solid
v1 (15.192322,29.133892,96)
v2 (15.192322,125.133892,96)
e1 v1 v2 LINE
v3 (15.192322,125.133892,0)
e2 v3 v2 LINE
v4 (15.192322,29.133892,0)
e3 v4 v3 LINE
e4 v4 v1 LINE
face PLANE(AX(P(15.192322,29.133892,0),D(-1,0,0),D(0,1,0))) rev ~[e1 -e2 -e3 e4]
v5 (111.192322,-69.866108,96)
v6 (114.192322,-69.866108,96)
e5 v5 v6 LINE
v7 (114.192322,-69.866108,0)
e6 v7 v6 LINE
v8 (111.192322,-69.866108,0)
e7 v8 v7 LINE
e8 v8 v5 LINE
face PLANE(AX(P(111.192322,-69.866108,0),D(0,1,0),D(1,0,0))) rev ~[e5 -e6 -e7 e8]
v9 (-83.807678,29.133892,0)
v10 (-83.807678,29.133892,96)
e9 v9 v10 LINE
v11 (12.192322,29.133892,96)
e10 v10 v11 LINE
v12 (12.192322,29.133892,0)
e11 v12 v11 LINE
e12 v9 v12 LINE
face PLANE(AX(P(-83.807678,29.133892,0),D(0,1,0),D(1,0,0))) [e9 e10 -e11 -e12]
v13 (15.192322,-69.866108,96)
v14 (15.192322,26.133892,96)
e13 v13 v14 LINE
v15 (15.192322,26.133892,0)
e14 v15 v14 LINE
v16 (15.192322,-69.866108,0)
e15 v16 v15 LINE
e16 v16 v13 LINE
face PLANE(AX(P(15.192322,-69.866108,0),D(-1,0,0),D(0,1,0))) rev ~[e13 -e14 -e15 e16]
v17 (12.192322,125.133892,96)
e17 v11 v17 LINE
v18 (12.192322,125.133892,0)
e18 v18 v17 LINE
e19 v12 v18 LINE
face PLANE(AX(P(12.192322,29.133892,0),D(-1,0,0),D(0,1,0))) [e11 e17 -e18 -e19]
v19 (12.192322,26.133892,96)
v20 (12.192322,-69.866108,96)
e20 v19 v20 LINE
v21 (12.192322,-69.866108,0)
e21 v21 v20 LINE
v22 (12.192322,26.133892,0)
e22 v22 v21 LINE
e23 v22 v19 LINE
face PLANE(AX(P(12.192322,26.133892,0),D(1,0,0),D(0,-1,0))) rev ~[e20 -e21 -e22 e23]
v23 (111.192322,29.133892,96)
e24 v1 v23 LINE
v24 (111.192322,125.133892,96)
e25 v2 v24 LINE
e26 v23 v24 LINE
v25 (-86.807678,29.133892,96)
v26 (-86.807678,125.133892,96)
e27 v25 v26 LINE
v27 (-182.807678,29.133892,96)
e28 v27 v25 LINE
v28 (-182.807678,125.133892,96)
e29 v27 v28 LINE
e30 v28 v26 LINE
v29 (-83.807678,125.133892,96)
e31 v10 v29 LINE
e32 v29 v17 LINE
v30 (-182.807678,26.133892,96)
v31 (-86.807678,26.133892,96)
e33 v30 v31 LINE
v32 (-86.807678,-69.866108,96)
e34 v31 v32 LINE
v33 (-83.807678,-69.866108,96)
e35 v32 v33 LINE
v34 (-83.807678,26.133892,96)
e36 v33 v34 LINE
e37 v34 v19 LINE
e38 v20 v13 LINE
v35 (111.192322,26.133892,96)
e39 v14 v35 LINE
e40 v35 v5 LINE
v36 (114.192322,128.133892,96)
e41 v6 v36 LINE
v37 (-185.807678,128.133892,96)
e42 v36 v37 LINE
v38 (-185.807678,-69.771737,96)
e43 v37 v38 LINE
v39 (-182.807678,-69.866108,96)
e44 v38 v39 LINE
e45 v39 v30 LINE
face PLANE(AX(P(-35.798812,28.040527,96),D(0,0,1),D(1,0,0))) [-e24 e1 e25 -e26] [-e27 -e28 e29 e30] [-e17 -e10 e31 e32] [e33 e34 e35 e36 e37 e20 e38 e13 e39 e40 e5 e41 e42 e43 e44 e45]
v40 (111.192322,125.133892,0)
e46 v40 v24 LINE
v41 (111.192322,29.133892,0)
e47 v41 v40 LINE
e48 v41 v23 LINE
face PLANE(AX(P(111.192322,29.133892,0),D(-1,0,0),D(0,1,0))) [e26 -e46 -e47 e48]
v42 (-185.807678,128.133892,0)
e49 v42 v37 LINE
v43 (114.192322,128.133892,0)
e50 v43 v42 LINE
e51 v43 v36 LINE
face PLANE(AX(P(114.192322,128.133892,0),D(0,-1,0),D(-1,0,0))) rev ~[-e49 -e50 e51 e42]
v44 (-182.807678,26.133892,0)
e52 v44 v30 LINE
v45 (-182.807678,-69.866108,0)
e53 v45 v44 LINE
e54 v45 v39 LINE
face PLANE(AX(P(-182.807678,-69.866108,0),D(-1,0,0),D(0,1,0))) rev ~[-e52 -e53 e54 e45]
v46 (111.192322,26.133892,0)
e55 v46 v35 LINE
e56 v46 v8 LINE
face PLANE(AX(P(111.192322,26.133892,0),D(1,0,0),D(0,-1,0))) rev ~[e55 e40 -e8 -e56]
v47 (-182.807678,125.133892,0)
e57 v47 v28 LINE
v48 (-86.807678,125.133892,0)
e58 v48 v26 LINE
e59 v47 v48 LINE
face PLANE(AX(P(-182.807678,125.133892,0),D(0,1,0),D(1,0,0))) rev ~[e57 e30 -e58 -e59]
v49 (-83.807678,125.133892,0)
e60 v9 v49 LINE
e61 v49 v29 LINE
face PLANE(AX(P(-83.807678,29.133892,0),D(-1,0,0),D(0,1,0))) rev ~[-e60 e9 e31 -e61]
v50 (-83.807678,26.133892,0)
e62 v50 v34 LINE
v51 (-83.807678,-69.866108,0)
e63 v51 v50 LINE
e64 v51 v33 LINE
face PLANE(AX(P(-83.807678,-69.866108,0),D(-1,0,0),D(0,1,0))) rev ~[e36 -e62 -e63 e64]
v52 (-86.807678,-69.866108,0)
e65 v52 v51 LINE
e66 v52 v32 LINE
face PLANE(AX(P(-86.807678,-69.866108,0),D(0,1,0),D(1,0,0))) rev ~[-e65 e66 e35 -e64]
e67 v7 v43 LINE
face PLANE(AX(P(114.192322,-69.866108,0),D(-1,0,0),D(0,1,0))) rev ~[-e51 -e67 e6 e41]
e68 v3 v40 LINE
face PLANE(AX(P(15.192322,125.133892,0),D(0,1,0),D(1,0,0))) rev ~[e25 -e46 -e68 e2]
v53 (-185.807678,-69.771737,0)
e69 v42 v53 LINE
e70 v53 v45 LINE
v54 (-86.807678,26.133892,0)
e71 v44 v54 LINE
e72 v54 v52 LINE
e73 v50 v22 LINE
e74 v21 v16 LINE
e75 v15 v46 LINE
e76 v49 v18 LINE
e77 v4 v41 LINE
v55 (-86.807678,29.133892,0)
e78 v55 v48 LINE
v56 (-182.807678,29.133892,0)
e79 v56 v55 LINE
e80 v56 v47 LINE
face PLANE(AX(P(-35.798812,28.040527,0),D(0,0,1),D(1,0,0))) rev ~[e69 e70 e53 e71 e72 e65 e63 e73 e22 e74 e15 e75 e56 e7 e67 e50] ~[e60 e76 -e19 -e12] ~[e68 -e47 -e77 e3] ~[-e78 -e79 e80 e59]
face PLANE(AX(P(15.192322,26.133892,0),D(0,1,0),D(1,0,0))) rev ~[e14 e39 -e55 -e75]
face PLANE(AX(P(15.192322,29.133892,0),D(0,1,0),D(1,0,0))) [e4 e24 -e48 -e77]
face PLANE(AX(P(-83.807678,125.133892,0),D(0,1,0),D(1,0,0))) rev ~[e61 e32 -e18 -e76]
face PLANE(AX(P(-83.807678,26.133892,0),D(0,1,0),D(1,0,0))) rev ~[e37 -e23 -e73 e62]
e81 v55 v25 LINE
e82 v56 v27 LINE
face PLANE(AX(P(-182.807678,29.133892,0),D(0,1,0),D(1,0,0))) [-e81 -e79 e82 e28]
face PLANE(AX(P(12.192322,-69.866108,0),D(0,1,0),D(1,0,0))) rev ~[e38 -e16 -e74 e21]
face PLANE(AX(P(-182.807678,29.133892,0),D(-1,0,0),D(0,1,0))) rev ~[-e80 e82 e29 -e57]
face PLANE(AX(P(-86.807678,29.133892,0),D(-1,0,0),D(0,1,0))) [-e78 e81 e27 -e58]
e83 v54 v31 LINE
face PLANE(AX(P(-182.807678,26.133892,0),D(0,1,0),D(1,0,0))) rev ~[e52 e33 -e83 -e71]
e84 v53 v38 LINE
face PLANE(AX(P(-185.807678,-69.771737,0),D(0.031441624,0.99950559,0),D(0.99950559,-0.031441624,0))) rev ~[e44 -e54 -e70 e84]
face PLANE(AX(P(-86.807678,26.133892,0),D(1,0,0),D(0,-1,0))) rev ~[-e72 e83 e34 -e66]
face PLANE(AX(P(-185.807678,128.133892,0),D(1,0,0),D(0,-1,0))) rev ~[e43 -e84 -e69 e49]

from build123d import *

# Parameters (mm, degrees)
F1_W     = 96
F1_H     = 96
F2_DEPTH = 96


with BuildPart() as f2:
    # F1 (on Top) → F2 (new body)
    with BuildSketch(Plane.XY):
        Polygon((-182.807677562, -69.8661083913), (-182.807677562, 26.1338916087), (-86.807677562, 26.1338916087), (-86.807677562, -69.8661083913), (-83.807677562, -69.8661083913), (-83.807677562, 26.1338916087), (12.192322438, 26.1338916087), (12.192322438, -69.8661083913), (15.192322438, -69.8661083913), (15.192322438, 26.1338916087), (111.192322438, 26.1338916087), (111.192322438, -69.8661083913), (114.192322438, -69.8661083913), (114.192322438, 128.1338916087), (111.192322438, 128.1338916087), (15.192322438, 128.1338916087), (12.192322438, 128.1338916087), (-83.807677562, 128.1338916087), (-86.807677562, 128.1338916087), (-182.807677562, 128.1338916087), (-185.807677562, 128.1338916087), (-185.807677562, -69.7717368603), align=None)
        with Locations((-134.807677562, 77.1338916087)):
            Rectangle(F1_W, F1_H, mode=Mode.SUBTRACT)
        with Locations((-35.807677562, 77.1338916087)):
            Rectangle(F1_W, F1_H, mode=Mode.SUBTRACT)
        with Locations((63.192322438, 77.1338916087)):
            Rectangle(F1_W, F1_H, mode=Mode.SUBTRACT)
    extrude(amount=F2_DEPTH)


solid = f2.part
